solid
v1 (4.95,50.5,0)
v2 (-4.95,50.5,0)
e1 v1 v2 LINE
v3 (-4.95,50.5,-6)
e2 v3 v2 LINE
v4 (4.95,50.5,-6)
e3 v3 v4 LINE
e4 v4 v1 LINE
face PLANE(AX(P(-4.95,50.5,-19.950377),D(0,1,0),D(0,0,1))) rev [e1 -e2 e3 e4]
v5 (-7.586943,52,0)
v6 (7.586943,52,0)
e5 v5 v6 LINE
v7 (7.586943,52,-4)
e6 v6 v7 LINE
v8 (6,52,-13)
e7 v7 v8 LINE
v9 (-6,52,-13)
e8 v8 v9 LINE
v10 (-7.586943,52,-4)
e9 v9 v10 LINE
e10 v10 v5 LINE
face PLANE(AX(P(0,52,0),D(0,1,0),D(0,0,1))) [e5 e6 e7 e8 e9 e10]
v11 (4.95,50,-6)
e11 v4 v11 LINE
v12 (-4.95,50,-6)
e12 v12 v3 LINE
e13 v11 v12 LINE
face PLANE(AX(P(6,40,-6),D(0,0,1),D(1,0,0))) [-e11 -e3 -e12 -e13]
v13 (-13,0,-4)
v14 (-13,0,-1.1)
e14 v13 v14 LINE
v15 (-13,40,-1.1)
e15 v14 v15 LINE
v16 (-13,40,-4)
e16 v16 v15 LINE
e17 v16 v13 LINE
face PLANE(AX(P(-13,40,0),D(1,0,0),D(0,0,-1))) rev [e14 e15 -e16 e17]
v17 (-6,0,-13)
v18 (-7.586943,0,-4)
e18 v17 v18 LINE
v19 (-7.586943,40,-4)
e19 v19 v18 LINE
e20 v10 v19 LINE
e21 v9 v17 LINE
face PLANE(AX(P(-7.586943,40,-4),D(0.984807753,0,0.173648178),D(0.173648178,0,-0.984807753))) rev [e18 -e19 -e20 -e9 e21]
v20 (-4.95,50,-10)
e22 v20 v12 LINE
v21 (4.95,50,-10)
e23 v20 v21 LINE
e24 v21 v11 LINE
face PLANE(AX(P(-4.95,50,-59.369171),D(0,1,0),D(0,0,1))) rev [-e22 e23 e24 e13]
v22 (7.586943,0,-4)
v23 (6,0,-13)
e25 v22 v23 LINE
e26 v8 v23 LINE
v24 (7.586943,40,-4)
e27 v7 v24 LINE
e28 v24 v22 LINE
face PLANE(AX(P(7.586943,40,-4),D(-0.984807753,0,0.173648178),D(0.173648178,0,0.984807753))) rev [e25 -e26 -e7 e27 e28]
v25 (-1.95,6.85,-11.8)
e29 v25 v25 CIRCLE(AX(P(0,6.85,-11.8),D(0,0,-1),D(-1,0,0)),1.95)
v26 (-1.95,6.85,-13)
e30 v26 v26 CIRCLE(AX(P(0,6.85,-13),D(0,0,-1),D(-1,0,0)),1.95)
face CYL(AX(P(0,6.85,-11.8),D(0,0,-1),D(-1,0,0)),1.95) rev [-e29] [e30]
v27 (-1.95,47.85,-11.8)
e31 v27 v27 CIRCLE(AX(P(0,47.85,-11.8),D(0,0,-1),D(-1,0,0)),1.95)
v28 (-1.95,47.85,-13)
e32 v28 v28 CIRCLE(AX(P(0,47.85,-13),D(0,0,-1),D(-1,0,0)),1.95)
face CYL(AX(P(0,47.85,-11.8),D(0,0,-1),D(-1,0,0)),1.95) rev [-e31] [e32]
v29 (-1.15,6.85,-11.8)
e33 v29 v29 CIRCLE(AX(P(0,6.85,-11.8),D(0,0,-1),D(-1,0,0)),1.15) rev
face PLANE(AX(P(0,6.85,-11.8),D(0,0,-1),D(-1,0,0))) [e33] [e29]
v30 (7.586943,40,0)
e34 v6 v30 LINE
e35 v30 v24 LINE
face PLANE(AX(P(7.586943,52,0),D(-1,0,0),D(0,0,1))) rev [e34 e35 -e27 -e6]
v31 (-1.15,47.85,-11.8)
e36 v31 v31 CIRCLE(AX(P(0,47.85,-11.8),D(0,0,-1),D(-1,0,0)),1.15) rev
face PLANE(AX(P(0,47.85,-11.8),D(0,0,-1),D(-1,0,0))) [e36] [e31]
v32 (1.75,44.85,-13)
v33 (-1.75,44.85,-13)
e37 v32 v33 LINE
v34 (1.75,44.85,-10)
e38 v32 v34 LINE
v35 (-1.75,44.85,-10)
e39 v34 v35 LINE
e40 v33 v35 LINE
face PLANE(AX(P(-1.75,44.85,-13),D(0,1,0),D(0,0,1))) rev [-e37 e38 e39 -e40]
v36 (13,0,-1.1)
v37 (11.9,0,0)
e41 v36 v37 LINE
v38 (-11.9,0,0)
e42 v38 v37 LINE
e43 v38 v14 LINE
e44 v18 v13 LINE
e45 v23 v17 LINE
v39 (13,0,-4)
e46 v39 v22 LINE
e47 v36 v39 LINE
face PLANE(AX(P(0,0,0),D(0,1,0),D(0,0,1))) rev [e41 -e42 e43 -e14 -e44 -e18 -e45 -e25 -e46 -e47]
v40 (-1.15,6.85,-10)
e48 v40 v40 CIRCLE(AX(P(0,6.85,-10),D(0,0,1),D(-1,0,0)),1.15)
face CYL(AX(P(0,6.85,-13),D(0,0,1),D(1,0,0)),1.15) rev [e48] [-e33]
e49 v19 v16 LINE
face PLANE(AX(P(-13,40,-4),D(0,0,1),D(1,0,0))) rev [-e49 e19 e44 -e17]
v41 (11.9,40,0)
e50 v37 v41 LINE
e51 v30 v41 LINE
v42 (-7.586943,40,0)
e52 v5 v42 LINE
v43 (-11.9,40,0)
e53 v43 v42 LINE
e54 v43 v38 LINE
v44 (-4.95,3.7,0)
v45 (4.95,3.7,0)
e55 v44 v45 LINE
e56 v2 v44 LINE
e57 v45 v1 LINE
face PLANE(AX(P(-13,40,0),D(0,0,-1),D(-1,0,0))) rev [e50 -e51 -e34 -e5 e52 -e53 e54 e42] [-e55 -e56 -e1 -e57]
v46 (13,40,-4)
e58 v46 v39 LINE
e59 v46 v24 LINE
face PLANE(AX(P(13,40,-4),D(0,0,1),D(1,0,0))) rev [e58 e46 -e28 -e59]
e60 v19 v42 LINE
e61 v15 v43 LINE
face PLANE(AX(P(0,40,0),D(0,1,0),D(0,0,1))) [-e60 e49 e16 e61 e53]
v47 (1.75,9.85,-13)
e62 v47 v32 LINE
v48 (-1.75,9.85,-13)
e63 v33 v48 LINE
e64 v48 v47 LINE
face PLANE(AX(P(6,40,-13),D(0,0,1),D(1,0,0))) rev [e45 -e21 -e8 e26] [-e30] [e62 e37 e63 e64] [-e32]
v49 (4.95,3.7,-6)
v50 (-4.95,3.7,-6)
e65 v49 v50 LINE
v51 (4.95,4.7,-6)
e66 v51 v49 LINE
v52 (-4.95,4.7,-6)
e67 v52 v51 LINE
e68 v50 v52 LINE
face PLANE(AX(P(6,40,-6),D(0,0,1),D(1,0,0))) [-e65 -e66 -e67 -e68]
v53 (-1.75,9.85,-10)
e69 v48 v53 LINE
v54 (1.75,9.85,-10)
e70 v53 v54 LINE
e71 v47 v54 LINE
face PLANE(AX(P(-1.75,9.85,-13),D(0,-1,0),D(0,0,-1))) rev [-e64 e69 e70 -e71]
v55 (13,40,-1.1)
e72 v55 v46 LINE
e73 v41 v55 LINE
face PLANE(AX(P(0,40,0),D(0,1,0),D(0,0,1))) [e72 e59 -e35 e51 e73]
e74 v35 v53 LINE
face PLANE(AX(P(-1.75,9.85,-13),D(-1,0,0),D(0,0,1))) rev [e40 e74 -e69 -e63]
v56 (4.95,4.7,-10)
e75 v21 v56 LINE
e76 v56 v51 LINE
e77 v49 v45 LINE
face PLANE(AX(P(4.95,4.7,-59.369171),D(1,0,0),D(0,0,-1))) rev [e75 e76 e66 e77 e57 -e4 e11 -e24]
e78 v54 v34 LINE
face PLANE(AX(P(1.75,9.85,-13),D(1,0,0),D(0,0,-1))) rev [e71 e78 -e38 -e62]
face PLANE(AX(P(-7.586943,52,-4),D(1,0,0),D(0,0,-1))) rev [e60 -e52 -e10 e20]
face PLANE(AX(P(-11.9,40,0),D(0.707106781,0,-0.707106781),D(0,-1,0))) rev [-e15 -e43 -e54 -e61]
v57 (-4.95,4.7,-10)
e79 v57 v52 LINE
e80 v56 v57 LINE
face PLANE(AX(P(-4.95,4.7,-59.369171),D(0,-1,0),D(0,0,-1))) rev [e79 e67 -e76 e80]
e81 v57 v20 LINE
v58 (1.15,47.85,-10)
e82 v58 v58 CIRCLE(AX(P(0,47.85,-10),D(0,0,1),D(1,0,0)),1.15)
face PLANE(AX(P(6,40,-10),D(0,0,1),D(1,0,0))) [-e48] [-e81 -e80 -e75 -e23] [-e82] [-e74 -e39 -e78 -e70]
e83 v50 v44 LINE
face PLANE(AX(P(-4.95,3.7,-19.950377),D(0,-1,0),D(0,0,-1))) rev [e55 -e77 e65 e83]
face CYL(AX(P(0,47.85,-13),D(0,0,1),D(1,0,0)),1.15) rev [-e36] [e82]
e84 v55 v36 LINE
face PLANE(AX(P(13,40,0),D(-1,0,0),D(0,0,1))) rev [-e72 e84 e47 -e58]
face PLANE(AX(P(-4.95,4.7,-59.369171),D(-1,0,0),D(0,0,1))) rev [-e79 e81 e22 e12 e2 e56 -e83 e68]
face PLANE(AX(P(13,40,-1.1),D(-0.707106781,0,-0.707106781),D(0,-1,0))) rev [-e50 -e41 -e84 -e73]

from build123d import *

# Parameters (mm, degrees)
EXTRUDE_1_DEPTH     = 40
EXTRUDE_2_DEPTH     = 12
CHAMFER_1_SIZE      = 1.1
SKETCH_3_W          = 9.9
SKETCH_3_H          = 45.3
CUT_EXTRUDE_1_DEPTH = 10
SKETCH_4_W          = 3.5
SKETCH_4_H          = 35
CUT_EXTRUDE_2_DEPTH = 55.525223521
SKETCH_5_W          = 9.9
SKETCH_5_H          = 0.5
SKETCH_5_H_2        = 1
CUT_EXTRUDE_3_DEPTH = 6
SKETCH_6_R          = 1.15
CUT_EXTRUDE_4_DEPTH = 55.525223521
SKETCH_7_R          = 1.95
CUT_EXTRUDE_5_DEPTH = 1.2


with BuildPart() as part:
    # 草图1 → 凸台-拉伸1 (new body)
    with BuildSketch(Plane(origin=(0, 0, 0), x_dir=(1, 0, 0), z_dir=(0, 1, 0))):
        Polygon((-13, 0), (13, 0), (13, 4), (7.586942826, 4), (6, 13), (-6, 13), (-7.586942826, 4), (-13, 4), align=None)
    extrude(amount=EXTRUDE_1_DEPTH)

    # 草图2 → 凸台-拉伸2 (add)
    with BuildSketch(Plane(origin=(0, 40, 0), x_dir=(1, 0, 0), z_dir=(0, 1, 0))):
        Polygon((7.586942826, 4), (6, 13), (-6, 13), (-7.586942826, 4), (-7.586942826, 0), (7.586942826, 0), align=None)
    extrude(amount=EXTRUDE_2_DEPTH)

    # 倒角1
    chamfer_1_edges = [part.edges().sort_by_distance(p)[0] for p in [
        (13, 20, 0),
        (-13, 20, 0),
    ]]
    chamfer(chamfer_1_edges, length=CHAMFER_1_SIZE)

    # 草图3 → 切除-拉伸1 (cut)
    with BuildSketch(Plane.XY):
        with Locations((0, 27.35)):
            Rectangle(SKETCH_3_W, SKETCH_3_H)
    extrude(amount=-CUT_EXTRUDE_1_DEPTH, mode=Mode.SUBTRACT)

    # 草图4 → 切除-拉伸2 (cut, through all)
    with BuildSketch(Plane.XY.offset(-10)):
        with Locations((0, 27.35)):
            Rectangle(SKETCH_4_W, SKETCH_4_H)
    extrude(amount=-CUT_EXTRUDE_2_DEPTH, mode=Mode.SUBTRACT)

    # 草图5 → 切除-拉伸3 (cut)
    with BuildSketch(Plane.XY):
        with Locations((0, 50.25)):
            Rectangle(SKETCH_5_W, SKETCH_5_H)
        with Locations((0, 4.2)):
            Rectangle(SKETCH_5_W, SKETCH_5_H_2)
    extrude(amount=-CUT_EXTRUDE_3_DEPTH, mode=Mode.SUBTRACT)

    # 草图6 → 切除-拉伸4 (cut, through all)
    with BuildSketch(Plane.XY.offset(-10)):
        with Locations((0, 47.85)):
            Circle(SKETCH_6_R)
        with Locations(Location((0, 6.85, 0), (0, 0, 180))):
            Circle(SKETCH_6_R)
    extrude(amount=-CUT_EXTRUDE_4_DEPTH, mode=Mode.SUBTRACT)

    # 草图7 → 切除-拉伸5 (cut)
    with BuildSketch(Plane(origin=(0, 0, -13), x_dir=(-1, 0, 0), z_dir=(0, 0, -1))):
        with Locations((0, 47.85)):
            Circle(SKETCH_7_R)
        with Locations((0, 6.85)):
            Circle(SKETCH_7_R)
    extrude(amount=-CUT_EXTRUDE_5_DEPTH, mode=Mode.SUBTRACT)


solid = part.part
